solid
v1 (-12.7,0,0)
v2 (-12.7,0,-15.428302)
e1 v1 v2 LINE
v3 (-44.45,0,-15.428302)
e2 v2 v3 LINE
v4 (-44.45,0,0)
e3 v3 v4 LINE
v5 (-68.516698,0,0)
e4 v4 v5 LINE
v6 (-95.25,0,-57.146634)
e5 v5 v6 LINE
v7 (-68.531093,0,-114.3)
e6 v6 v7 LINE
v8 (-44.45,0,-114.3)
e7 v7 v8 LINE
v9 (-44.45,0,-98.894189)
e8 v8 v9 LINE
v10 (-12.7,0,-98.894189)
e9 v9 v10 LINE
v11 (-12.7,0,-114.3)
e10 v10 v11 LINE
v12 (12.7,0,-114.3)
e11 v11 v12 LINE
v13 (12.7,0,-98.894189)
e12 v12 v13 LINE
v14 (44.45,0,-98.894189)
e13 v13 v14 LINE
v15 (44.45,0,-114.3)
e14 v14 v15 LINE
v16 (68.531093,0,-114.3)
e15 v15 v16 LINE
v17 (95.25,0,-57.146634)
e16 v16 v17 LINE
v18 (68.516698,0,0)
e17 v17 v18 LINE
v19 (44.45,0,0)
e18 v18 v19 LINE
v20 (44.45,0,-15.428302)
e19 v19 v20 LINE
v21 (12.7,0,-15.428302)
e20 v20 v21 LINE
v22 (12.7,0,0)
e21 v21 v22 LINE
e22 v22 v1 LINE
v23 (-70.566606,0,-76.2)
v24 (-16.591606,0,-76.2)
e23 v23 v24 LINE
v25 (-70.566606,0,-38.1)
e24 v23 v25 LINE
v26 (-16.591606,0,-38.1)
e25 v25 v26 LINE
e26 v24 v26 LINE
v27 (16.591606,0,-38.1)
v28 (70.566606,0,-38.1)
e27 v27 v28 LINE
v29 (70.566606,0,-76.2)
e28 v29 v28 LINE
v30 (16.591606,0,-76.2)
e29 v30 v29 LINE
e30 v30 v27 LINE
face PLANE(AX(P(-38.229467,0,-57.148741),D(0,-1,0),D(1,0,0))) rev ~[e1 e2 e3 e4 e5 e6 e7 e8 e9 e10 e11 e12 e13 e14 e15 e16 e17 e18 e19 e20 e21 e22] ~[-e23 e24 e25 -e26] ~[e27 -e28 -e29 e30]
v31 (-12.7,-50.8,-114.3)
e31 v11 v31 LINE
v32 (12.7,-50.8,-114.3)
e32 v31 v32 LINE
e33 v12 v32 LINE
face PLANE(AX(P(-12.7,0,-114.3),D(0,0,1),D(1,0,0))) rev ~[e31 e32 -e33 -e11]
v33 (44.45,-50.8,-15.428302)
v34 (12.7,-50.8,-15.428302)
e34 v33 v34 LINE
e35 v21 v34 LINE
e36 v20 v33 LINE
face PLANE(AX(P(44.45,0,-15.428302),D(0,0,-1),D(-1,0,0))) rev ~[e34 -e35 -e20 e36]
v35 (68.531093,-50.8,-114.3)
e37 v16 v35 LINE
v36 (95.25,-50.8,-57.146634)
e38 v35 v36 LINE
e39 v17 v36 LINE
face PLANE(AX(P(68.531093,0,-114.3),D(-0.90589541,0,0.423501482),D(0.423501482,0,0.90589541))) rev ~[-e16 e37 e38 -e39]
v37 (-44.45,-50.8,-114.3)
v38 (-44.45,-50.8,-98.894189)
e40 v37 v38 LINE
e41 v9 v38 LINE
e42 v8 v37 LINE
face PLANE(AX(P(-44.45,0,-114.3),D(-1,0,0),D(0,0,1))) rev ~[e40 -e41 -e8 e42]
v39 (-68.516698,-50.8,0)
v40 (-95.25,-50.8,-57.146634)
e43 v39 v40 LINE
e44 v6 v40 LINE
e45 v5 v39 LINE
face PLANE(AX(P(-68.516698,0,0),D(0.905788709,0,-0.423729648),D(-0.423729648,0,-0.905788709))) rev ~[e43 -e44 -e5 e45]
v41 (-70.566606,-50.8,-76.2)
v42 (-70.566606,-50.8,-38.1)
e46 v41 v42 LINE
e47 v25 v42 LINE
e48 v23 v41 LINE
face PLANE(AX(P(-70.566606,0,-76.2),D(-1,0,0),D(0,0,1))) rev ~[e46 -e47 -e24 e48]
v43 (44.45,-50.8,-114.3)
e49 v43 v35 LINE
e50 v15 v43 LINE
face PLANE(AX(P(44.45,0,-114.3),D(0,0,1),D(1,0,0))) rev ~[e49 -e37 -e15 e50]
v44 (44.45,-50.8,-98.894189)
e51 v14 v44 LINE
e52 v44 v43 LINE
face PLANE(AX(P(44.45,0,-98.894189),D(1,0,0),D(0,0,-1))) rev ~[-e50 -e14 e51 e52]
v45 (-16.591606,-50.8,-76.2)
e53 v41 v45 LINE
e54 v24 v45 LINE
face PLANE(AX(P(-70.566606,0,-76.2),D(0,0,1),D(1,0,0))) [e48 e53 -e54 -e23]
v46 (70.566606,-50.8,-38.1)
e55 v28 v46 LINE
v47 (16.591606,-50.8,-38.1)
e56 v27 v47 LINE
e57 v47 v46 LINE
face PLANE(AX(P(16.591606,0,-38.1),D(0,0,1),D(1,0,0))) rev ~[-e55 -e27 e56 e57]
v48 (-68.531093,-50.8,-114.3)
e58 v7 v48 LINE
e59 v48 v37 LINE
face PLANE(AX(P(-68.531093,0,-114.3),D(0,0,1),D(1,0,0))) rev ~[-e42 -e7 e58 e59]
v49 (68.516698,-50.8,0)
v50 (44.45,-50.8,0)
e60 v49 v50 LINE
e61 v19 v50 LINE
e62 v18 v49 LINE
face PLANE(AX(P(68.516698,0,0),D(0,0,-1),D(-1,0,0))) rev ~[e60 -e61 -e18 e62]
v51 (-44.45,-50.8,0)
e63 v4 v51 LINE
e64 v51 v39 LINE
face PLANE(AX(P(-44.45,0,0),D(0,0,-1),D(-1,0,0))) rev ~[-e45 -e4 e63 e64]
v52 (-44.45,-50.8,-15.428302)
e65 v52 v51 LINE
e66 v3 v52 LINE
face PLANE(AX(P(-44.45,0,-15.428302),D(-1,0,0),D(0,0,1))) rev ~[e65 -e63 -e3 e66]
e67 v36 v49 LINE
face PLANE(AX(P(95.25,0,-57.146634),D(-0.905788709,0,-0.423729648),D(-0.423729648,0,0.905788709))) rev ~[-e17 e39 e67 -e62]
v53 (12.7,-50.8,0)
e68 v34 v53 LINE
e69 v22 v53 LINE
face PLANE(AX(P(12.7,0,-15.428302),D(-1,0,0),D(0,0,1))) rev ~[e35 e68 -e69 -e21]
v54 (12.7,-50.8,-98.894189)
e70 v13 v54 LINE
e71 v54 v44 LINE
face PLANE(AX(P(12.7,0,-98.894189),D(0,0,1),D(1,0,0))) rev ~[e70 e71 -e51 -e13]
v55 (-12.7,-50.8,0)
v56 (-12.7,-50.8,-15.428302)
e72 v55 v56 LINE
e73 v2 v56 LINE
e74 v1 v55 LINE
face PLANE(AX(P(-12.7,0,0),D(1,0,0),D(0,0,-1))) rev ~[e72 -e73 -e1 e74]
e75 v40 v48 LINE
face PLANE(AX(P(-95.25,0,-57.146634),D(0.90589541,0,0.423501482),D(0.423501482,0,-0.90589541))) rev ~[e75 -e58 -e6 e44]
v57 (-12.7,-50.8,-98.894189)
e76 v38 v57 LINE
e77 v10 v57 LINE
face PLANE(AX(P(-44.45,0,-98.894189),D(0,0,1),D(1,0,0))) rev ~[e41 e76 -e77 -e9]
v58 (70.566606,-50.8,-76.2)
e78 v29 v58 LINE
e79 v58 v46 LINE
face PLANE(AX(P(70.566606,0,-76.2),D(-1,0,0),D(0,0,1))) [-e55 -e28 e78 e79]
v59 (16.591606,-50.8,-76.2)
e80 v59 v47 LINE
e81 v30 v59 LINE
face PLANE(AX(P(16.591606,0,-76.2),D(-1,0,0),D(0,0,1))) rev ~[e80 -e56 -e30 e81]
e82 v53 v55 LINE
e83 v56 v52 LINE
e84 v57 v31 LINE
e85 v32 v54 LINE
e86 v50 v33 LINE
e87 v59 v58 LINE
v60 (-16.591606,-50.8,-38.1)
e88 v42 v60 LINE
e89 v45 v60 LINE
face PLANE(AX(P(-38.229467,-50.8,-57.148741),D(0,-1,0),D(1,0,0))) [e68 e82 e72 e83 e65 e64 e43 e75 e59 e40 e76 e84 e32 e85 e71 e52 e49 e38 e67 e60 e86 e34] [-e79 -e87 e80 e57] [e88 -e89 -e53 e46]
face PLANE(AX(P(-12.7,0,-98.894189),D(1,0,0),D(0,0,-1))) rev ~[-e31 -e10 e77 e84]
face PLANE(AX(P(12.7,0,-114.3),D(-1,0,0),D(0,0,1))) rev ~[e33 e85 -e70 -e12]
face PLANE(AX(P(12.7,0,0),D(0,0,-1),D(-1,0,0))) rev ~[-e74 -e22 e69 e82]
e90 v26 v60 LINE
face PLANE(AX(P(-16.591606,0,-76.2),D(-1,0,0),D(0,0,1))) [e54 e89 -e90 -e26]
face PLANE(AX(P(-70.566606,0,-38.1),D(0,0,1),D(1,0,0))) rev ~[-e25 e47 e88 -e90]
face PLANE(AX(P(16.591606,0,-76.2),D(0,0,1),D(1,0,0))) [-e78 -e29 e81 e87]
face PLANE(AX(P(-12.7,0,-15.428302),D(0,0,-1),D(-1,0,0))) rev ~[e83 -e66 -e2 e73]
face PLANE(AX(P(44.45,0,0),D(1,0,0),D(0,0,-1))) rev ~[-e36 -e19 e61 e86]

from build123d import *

# Parameters (mm, degrees)
F0_W     = 53.975
F0_H     = 38.1
F1_DEPTH = 50.8


with BuildPart() as f1:
    # F0 (on Front) → F1 (new body)
    with BuildSketch(Plane.XZ):
        Polygon((0, -114.3), (0, 0), (-12.7, 0), (-12.7, -15.428302), (-44.45, -15.428302), (-44.45, 0), (-68.516698, 0), (-95.25, -57.146634), (-68.531093, -114.3), (-44.45, -114.3), (-44.45, -98.894189), (-12.7, -98.894189), (-12.7, -114.3), align=None)
        with Locations((-43.579106, -57.15)):
            Rectangle(F0_W, F0_H, mode=Mode.SUBTRACT)
        Polygon((12.7, 0), (0, 0), (0, -114.3), (12.7, -114.3), (12.7, -98.894189), (44.45, -98.894189), (44.45, -114.3), (68.531093, -114.3), (95.25, -57.146634), (68.516698, 0), (44.45, 0), (44.45, -15.428302), (12.7, -15.428302), align=None)
        with Locations((43.579106, -57.15)):
            Rectangle(F0_W, F0_H, mode=Mode.SUBTRACT)
    extrude(amount=F1_DEPTH)


solid = f1.part
